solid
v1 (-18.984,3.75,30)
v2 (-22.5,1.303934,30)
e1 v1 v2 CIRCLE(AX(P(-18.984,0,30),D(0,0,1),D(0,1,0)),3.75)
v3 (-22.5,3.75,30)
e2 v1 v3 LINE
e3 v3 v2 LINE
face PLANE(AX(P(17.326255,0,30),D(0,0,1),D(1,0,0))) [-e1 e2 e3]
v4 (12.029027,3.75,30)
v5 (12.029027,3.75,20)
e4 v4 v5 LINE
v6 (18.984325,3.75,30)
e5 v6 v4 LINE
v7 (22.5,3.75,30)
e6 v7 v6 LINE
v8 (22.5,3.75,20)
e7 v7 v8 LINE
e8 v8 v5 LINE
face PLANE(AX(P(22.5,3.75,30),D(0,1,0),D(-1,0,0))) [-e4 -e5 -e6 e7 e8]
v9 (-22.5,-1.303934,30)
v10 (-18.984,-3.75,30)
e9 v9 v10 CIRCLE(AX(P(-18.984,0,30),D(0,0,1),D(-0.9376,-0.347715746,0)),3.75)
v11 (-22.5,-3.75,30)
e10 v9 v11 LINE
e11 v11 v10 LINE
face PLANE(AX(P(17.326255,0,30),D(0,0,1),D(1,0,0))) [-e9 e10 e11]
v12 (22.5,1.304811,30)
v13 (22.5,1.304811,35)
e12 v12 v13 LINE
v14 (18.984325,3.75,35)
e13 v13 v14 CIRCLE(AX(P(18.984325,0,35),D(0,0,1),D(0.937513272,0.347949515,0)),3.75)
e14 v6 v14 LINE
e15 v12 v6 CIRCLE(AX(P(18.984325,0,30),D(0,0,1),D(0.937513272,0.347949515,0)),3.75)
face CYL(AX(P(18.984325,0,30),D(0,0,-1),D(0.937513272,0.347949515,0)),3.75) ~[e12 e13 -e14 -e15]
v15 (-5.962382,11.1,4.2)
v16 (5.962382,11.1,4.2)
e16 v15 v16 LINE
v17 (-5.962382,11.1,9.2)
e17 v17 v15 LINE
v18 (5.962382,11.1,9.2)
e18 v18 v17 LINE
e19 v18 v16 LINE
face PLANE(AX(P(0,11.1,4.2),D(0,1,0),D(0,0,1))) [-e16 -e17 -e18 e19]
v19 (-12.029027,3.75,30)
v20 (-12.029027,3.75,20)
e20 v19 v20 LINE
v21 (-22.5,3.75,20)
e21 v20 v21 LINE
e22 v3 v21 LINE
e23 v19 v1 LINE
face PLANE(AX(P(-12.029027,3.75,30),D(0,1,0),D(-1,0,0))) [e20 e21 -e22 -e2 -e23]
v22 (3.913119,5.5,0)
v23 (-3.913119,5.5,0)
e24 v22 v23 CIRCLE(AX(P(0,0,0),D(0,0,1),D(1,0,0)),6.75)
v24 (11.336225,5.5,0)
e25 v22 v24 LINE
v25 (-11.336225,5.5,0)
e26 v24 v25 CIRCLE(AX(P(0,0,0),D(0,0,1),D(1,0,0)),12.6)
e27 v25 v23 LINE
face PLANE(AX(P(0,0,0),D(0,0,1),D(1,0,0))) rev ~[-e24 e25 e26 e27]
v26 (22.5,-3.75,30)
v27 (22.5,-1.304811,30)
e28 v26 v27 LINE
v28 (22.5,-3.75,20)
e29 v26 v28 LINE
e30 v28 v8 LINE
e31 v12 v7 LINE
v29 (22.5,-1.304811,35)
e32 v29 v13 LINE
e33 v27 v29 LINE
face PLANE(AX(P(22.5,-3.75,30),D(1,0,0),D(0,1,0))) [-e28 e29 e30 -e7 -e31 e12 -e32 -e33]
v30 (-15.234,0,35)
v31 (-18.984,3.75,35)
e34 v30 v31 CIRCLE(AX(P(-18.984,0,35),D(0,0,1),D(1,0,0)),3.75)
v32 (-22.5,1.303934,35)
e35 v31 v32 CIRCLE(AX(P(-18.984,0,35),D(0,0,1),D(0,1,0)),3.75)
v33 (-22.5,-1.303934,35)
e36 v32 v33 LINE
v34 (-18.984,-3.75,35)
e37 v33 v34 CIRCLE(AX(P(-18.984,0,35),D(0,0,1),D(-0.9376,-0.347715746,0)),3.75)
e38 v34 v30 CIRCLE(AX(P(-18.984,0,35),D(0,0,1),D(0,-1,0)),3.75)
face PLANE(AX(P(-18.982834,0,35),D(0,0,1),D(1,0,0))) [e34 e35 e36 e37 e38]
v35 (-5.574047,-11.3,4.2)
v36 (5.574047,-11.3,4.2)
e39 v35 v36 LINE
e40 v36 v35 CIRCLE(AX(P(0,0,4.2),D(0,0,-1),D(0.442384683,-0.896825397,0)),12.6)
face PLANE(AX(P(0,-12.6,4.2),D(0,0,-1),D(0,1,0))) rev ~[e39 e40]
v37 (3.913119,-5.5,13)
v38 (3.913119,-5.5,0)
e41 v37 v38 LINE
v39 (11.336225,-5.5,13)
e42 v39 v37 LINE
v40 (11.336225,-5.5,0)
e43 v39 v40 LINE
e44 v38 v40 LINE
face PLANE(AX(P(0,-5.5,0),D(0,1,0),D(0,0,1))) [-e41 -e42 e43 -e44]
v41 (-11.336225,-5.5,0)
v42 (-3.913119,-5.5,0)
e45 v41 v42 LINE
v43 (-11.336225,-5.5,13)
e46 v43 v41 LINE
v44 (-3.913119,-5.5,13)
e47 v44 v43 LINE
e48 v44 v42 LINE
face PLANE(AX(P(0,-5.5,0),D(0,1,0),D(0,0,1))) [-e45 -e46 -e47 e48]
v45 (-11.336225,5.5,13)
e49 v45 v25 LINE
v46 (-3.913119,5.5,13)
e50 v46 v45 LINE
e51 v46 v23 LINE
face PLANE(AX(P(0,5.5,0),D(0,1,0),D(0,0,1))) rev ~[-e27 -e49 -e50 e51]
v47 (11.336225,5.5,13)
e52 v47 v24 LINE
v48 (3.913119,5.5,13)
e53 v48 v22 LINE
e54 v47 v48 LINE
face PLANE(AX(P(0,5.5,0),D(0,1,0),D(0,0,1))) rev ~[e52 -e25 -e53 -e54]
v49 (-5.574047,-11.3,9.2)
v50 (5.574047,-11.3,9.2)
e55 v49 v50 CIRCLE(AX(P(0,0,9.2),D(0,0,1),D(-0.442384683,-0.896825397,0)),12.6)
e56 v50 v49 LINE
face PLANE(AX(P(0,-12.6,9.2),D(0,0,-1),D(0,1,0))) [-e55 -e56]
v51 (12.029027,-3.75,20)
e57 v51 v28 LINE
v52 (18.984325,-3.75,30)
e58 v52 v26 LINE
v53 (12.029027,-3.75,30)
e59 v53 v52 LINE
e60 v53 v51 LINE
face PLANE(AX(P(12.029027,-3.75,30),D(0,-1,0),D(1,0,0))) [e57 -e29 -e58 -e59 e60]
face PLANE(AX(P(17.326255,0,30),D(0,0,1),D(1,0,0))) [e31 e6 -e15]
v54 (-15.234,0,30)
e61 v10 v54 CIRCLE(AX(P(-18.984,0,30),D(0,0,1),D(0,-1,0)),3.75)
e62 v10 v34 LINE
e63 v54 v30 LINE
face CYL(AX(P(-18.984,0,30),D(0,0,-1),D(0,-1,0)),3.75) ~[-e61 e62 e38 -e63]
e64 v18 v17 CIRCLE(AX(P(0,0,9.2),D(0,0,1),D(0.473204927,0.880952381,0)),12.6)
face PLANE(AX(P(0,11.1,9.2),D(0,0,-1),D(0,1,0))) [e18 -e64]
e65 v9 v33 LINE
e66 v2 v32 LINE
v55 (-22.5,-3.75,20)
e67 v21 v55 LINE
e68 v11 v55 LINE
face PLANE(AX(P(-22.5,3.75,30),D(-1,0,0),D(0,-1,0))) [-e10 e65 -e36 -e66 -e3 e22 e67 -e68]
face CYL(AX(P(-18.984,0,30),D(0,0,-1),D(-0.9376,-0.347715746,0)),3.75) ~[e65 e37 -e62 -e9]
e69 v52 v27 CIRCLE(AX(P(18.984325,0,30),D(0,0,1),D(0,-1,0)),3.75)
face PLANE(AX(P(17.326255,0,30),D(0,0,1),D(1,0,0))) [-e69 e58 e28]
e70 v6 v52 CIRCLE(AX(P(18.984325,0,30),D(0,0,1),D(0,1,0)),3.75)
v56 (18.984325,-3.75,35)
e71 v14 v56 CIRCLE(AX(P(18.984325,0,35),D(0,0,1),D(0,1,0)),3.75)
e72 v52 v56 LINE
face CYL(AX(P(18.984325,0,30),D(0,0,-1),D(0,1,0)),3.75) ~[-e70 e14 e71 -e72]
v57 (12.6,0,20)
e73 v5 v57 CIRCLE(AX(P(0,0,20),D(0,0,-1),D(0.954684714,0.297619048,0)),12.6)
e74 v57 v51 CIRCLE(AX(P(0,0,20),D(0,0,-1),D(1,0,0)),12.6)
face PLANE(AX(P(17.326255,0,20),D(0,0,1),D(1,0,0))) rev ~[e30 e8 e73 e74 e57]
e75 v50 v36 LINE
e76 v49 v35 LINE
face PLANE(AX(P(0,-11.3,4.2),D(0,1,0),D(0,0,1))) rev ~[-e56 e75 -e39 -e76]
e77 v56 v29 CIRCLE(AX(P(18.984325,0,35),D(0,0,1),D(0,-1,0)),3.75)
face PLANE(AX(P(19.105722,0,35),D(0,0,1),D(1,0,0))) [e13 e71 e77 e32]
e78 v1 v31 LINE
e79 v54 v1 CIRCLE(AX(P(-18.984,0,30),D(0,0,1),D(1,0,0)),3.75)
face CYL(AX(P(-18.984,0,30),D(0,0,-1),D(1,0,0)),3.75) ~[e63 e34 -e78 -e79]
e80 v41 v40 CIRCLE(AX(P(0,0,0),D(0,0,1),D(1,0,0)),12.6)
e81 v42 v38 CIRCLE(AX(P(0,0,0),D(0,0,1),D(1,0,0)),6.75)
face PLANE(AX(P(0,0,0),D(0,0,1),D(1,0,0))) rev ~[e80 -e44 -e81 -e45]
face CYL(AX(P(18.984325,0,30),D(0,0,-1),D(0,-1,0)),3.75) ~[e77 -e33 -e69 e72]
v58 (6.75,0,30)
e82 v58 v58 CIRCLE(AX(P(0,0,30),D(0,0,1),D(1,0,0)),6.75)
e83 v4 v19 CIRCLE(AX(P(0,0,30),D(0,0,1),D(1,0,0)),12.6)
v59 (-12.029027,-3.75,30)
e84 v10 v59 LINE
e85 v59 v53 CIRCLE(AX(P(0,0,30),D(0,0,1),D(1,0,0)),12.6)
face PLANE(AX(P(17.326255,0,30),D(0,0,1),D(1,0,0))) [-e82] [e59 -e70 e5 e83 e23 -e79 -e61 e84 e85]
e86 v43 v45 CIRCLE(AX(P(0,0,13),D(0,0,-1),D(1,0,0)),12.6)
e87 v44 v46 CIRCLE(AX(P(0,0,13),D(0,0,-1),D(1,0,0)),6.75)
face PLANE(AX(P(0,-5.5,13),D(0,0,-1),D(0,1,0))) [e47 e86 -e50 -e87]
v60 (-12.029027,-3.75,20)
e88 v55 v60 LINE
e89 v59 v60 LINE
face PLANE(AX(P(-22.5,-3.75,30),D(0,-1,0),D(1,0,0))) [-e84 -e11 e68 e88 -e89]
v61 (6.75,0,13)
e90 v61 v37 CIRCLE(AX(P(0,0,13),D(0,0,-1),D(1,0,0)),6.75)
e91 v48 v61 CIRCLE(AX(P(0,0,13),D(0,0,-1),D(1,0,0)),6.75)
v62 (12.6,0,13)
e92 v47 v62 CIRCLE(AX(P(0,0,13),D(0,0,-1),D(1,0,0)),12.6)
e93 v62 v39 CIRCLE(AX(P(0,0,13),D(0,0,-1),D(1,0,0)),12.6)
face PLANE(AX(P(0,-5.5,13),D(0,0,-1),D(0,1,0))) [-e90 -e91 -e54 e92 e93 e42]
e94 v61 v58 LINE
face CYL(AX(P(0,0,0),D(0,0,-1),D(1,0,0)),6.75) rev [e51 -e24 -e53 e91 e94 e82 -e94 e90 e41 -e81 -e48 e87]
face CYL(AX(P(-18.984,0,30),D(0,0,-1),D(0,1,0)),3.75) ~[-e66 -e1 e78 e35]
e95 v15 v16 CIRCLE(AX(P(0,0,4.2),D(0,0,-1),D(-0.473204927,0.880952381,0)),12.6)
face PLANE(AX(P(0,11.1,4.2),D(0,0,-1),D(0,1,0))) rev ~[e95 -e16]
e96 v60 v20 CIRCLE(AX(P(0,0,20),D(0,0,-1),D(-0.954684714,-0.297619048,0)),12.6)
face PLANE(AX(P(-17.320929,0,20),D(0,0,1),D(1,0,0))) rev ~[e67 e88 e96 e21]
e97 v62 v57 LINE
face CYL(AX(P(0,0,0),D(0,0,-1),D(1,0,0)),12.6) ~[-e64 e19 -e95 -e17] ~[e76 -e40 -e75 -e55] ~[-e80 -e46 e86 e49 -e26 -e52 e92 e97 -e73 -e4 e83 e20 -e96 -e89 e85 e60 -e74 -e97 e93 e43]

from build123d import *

# Parameters (mm, degrees)
F0_R      = 12.6
F0_R_2    = 6.75
F1_DEPTH  = 30
F2_W      = 11
F2_H      = 13
F3_DEPTH  = 15
F5_W      = 1.3
F5_H      = 5
F6_DEPTH  = 12.5
F7_W      = 1.5
F7_H      = 5
F8_DEPTH  = 12.5
F10_DEPTH = 10
F12_DEPTH = 5


with BuildPart() as f1:
    # F0 (on Top) → F1 (new body)
    with BuildSketch(Plane.XY):
        Circle(F0_R)
        Circle(F0_R_2, mode=Mode.SUBTRACT)
    extrude(amount=F1_DEPTH)


with BuildPart() as f3:
    # F2 (on Right) → F3 (new body, symmetric)
    with BuildSketch(Plane.YZ):
        with Locations((0, 6.5)):
            Rectangle(F2_W, F2_H)
    extrude(amount=F3_DEPTH, both=True)


with BuildPart() as f1_1:
    add(f1.part)

    # F4: cut F3
    add(f3.part, mode=Mode.SUBTRACT)

    # F5 (on Right) → F6 (cut, symmetric)
    with BuildSketch(Plane.YZ):
        with Locations((-11.95, 6.7)):
            Rectangle(F5_W, F5_H)
    extrude(amount=F6_DEPTH, both=True, mode=Mode.SUBTRACT)

    # F7 (on Right) → F8 (cut, symmetric)
    with BuildSketch(Plane.YZ):
        with Locations((11.85, 6.7)):
            Rectangle(F7_W, F7_H)
    extrude(amount=F8_DEPTH, both=True, mode=Mode.SUBTRACT)

    # F9 (on face) → F10 (join)
    with BuildSketch(Plane.XY.offset(30)):
        with BuildLine():
            Line((-12.0290273921, 3.75), (-22.5, 3.75))
            Line((-22.5, 3.75), (-22.5, -3.75))
            Line((-22.5, -3.75), (-12.0290273921, -3.75))
            ThreePointArc((-12.0290273921, -3.75), (-12.6, 0), (-12.0290273921, 3.75))
        make_face()
        with BuildLine():
            Line((22.5, 3.75), (12.0290273921, 3.75))
            ThreePointArc((12.0290273921, 3.75), (12.4564390004, 1.8966094563), (12.6, 0))
            ThreePointArc((12.6, 0), (12.4564390004, -1.8966094563), (12.0290273921, -3.75))
            Line((12.0290273921, -3.75), (22.5, -3.75))
            Line((22.5, -3.75), (22.5, 3.75))
        make_face()
    extrude(amount=-F10_DEPTH)

    # F11 (on face) → F12 (join)
    with BuildSketch(Plane.XY.offset(30)):
        with BuildLine():
            ThreePointArc((-18.984, -3.75), (-16.3323495706, -2.6516504294), (-15.234, 0))
            ThreePointArc((-15.234, 0), (-16.3323495706, 2.6516504294), (-18.984, 3.75))
            ThreePointArc((-18.984, 3.75), (-21.1255820463, 3.0783317461), (-22.5, 1.3039340474))
            Line((-22.5, 1.3039340474), (-22.5, -1.3039340474))
            ThreePointArc((-22.5, -1.3039340474), (-21.1255820463, -3.0783317461), (-18.984, -3.75))
        make_face()
        with BuildLine():
            ThreePointArc((22.5, 1.3048106807), (21.1255234866, 3.0785987115), (18.9843252301, 3.75))
            ThreePointArc((18.9843252301, 3.75), (15.2343252301, 0), (18.9843252301, -3.75))
            ThreePointArc((18.9843252301, -3.75), (21.1255234866, -3.0785987115), (22.5, -1.3048106807))
            Line((22.5, -1.3048106807), (22.5, 1.3048106807))
        make_face()
    extrude(amount=F12_DEPTH)


solid = f1_1.part
